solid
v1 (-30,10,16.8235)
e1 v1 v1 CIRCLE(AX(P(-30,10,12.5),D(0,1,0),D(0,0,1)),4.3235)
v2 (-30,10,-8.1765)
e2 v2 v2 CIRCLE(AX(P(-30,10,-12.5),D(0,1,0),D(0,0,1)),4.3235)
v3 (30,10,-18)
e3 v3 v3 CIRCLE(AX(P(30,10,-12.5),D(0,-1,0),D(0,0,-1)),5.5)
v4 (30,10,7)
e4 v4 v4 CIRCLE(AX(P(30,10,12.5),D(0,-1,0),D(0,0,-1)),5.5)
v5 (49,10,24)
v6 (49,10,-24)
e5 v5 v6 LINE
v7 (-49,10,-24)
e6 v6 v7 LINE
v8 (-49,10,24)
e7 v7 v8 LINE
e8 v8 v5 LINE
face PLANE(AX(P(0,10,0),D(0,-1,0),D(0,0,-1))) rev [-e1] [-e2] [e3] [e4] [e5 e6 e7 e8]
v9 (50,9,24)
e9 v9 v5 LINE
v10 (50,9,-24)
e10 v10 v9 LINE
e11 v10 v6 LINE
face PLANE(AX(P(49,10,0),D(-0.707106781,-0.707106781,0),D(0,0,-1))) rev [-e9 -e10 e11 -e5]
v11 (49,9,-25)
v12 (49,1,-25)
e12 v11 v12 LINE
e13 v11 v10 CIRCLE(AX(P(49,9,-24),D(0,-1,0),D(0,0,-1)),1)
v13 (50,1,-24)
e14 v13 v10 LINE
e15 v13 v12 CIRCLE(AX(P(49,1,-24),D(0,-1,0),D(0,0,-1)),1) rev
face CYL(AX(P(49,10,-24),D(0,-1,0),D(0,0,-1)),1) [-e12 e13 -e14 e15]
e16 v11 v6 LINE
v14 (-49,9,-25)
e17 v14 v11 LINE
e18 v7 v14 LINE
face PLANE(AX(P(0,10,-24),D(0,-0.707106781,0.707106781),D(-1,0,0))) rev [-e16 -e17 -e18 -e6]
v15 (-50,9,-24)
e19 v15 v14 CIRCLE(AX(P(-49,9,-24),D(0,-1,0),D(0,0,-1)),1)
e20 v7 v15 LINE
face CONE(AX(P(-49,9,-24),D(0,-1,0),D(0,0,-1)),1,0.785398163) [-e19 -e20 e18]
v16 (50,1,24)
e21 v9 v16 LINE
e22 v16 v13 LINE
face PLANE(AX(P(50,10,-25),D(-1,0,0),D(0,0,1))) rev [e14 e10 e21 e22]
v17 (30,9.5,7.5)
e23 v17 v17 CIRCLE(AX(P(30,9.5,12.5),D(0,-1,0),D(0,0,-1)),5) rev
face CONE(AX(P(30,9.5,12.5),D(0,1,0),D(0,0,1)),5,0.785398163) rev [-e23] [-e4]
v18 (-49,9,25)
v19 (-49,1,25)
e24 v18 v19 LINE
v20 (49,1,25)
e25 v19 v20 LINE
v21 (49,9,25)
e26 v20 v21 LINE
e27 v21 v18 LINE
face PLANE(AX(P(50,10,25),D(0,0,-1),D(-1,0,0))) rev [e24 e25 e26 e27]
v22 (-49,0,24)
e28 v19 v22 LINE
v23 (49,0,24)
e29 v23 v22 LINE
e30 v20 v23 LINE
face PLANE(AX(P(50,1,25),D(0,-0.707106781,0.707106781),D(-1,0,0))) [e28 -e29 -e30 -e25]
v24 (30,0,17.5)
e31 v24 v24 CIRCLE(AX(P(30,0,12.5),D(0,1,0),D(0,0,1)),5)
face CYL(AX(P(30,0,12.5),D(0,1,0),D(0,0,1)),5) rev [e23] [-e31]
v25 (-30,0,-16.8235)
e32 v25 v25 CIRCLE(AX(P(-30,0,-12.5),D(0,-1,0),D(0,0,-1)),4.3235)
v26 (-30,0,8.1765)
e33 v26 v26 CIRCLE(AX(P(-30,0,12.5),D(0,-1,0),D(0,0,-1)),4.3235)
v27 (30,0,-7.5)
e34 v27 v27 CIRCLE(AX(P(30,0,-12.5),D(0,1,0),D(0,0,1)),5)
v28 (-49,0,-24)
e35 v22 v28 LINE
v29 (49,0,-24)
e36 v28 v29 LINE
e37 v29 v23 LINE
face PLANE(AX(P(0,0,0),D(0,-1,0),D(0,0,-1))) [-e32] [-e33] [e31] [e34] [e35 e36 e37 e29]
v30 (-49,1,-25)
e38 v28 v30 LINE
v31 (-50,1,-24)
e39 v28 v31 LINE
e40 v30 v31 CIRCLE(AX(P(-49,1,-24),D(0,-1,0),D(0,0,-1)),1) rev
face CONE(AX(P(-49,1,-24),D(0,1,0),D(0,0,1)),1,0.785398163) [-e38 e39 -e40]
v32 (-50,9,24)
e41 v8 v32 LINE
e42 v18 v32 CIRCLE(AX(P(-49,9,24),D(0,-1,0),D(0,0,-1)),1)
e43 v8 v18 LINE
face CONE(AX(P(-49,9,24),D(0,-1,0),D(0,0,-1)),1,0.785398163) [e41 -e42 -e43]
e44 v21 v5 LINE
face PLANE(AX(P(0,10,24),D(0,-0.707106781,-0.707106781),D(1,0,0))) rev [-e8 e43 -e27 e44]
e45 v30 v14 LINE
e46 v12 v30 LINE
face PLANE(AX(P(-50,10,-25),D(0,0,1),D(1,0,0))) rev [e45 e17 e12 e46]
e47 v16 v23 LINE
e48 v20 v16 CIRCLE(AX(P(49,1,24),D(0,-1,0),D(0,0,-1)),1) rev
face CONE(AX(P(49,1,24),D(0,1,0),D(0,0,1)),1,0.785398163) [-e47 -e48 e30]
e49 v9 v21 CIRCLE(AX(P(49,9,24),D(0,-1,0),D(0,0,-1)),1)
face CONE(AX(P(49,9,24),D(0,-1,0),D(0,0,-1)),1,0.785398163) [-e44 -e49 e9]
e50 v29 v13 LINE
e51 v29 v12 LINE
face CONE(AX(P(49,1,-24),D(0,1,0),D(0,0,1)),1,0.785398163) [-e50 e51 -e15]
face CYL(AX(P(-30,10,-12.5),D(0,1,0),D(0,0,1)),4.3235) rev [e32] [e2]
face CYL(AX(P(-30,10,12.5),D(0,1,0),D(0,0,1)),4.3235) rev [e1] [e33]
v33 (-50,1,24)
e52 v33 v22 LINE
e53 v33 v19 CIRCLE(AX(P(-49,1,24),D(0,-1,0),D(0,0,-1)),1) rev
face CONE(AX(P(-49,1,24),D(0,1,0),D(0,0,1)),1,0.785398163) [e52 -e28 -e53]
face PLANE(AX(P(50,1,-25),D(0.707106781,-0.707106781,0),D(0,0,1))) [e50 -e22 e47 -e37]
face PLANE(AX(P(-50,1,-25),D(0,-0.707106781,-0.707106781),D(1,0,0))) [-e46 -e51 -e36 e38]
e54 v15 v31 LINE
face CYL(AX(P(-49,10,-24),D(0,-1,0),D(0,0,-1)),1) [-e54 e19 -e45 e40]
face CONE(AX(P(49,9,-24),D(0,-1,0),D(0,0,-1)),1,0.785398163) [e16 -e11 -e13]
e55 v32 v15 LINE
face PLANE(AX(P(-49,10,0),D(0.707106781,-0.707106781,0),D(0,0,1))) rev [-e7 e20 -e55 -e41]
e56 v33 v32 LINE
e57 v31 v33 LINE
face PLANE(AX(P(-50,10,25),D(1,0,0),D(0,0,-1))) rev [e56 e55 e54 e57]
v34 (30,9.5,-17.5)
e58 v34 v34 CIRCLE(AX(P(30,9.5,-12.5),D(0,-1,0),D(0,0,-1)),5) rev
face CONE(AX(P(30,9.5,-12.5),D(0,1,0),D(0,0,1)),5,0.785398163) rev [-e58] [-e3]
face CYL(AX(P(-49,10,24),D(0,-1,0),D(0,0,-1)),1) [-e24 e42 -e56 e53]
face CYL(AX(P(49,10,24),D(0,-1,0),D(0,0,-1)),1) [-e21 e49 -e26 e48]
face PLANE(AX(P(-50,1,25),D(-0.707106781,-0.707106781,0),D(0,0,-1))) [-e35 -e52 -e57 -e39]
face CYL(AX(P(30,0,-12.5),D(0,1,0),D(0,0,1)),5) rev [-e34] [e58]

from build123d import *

# Parameters (mm, degrees)
SKETCH_1_W          = 100
SKETCH_1_H          = 50
EXTRUDE_1_DEPTH     = 10
SKETCH_2_R          = 5
EXTRUDE_2_DEPTH     = 10
HOLE_WIZARD_1_D     = 8.647
HOLE_WIZARD_1_DEPTH = 26.2
HOLE_WIZARD_1_TIP   = 2.597820886
FILLET_3_R          = 1
CHAMFER_2_SIZE      = 1
CHAMFER_3_SIZE      = 0.5


with BuildPart() as part:
    # 草圖1 → 擠出1 (new body)
    with BuildSketch(Plane(origin=(0, 0, 0), x_dir=(-1, 0, 0), z_dir=(0, 1, 0))):
        Rectangle(SKETCH_1_W, SKETCH_1_H)
    extrude(amount=EXTRUDE_1_DEPTH)

    # 草圖2 → 擠出2 (cut)
    with BuildSketch(Plane(origin=(0, 10, 0), x_dir=(-1, 0, 0), z_dir=(0, 1, 0))):
        with Locations(Location((-30, -12.5, 0), (0, 0, 90))):
            Circle(SKETCH_2_R)
        with Locations(Location((-30, 12.5, 0), (0, 0, 90))):
            Circle(SKETCH_2_R)
    extrude(amount=-EXTRUDE_2_DEPTH, mode=Mode.SUBTRACT)

    # 孔1
    with Locations(Plane(origin=(0, 10, 0), x_dir=(1, 0, 0), z_dir=(0, 1, 0))):
        with Locations((-30, -12.5), (-30, 12.5)):
            Hole(HOLE_WIZARD_1_D / 2, depth=HOLE_WIZARD_1_DEPTH)
            with Locations((0, 0, -(HOLE_WIZARD_1_DEPTH + HOLE_WIZARD_1_TIP / 2))):  # 118° drill point
                Cone(0, HOLE_WIZARD_1_D / 2, HOLE_WIZARD_1_TIP, mode=Mode.SUBTRACT)

    # 圓角3
    fillet_3_edges = [part.edges().sort_by_distance(p)[0] for p in [
        (-50, 5, -25),
        (50, 5, -25),
        (50, 5, 25),
        (-50, 5, 25),
    ]]
    fillet(fillet_3_edges, radius=FILLET_3_R)

    # 倒角2
    chamfer_2_edges = [part.edges().sort_by_distance(p)[0] for p in [
        (0, 0, -25),
        (0, 10, -25),
        (-50, 0, 0),
        (50, 0, 0),
        (0, 0, 25),
        (-49.707106781, 0, 24.707106781),
        (-49.707106781, 0, -24.707106781),
        (49.707106781, 0, 24.707106781),
        (49.707106781, 0, -24.707106781),
        (50, 10, 0),
        (-50, 10, 0),
        (0, 10, 25),
        (-49.707106781, 10, 24.707106781),
        (-49.707106781, 10, -24.707106781),
        (49.707106781, 10, 24.707106781),
        (49.707106781, 10, -24.707106781),
    ]]
    chamfer(chamfer_2_edges, length=CHAMFER_2_SIZE)

    # 倒角3
    chamfer_3_edges = [part.edges().sort_by_distance(p)[0] for p in [
        (30, 10, -17.5),
        (30, 10, 7.5),
    ]]
    chamfer(chamfer_3_edges, length=CHAMFER_3_SIZE)


solid = part.part
